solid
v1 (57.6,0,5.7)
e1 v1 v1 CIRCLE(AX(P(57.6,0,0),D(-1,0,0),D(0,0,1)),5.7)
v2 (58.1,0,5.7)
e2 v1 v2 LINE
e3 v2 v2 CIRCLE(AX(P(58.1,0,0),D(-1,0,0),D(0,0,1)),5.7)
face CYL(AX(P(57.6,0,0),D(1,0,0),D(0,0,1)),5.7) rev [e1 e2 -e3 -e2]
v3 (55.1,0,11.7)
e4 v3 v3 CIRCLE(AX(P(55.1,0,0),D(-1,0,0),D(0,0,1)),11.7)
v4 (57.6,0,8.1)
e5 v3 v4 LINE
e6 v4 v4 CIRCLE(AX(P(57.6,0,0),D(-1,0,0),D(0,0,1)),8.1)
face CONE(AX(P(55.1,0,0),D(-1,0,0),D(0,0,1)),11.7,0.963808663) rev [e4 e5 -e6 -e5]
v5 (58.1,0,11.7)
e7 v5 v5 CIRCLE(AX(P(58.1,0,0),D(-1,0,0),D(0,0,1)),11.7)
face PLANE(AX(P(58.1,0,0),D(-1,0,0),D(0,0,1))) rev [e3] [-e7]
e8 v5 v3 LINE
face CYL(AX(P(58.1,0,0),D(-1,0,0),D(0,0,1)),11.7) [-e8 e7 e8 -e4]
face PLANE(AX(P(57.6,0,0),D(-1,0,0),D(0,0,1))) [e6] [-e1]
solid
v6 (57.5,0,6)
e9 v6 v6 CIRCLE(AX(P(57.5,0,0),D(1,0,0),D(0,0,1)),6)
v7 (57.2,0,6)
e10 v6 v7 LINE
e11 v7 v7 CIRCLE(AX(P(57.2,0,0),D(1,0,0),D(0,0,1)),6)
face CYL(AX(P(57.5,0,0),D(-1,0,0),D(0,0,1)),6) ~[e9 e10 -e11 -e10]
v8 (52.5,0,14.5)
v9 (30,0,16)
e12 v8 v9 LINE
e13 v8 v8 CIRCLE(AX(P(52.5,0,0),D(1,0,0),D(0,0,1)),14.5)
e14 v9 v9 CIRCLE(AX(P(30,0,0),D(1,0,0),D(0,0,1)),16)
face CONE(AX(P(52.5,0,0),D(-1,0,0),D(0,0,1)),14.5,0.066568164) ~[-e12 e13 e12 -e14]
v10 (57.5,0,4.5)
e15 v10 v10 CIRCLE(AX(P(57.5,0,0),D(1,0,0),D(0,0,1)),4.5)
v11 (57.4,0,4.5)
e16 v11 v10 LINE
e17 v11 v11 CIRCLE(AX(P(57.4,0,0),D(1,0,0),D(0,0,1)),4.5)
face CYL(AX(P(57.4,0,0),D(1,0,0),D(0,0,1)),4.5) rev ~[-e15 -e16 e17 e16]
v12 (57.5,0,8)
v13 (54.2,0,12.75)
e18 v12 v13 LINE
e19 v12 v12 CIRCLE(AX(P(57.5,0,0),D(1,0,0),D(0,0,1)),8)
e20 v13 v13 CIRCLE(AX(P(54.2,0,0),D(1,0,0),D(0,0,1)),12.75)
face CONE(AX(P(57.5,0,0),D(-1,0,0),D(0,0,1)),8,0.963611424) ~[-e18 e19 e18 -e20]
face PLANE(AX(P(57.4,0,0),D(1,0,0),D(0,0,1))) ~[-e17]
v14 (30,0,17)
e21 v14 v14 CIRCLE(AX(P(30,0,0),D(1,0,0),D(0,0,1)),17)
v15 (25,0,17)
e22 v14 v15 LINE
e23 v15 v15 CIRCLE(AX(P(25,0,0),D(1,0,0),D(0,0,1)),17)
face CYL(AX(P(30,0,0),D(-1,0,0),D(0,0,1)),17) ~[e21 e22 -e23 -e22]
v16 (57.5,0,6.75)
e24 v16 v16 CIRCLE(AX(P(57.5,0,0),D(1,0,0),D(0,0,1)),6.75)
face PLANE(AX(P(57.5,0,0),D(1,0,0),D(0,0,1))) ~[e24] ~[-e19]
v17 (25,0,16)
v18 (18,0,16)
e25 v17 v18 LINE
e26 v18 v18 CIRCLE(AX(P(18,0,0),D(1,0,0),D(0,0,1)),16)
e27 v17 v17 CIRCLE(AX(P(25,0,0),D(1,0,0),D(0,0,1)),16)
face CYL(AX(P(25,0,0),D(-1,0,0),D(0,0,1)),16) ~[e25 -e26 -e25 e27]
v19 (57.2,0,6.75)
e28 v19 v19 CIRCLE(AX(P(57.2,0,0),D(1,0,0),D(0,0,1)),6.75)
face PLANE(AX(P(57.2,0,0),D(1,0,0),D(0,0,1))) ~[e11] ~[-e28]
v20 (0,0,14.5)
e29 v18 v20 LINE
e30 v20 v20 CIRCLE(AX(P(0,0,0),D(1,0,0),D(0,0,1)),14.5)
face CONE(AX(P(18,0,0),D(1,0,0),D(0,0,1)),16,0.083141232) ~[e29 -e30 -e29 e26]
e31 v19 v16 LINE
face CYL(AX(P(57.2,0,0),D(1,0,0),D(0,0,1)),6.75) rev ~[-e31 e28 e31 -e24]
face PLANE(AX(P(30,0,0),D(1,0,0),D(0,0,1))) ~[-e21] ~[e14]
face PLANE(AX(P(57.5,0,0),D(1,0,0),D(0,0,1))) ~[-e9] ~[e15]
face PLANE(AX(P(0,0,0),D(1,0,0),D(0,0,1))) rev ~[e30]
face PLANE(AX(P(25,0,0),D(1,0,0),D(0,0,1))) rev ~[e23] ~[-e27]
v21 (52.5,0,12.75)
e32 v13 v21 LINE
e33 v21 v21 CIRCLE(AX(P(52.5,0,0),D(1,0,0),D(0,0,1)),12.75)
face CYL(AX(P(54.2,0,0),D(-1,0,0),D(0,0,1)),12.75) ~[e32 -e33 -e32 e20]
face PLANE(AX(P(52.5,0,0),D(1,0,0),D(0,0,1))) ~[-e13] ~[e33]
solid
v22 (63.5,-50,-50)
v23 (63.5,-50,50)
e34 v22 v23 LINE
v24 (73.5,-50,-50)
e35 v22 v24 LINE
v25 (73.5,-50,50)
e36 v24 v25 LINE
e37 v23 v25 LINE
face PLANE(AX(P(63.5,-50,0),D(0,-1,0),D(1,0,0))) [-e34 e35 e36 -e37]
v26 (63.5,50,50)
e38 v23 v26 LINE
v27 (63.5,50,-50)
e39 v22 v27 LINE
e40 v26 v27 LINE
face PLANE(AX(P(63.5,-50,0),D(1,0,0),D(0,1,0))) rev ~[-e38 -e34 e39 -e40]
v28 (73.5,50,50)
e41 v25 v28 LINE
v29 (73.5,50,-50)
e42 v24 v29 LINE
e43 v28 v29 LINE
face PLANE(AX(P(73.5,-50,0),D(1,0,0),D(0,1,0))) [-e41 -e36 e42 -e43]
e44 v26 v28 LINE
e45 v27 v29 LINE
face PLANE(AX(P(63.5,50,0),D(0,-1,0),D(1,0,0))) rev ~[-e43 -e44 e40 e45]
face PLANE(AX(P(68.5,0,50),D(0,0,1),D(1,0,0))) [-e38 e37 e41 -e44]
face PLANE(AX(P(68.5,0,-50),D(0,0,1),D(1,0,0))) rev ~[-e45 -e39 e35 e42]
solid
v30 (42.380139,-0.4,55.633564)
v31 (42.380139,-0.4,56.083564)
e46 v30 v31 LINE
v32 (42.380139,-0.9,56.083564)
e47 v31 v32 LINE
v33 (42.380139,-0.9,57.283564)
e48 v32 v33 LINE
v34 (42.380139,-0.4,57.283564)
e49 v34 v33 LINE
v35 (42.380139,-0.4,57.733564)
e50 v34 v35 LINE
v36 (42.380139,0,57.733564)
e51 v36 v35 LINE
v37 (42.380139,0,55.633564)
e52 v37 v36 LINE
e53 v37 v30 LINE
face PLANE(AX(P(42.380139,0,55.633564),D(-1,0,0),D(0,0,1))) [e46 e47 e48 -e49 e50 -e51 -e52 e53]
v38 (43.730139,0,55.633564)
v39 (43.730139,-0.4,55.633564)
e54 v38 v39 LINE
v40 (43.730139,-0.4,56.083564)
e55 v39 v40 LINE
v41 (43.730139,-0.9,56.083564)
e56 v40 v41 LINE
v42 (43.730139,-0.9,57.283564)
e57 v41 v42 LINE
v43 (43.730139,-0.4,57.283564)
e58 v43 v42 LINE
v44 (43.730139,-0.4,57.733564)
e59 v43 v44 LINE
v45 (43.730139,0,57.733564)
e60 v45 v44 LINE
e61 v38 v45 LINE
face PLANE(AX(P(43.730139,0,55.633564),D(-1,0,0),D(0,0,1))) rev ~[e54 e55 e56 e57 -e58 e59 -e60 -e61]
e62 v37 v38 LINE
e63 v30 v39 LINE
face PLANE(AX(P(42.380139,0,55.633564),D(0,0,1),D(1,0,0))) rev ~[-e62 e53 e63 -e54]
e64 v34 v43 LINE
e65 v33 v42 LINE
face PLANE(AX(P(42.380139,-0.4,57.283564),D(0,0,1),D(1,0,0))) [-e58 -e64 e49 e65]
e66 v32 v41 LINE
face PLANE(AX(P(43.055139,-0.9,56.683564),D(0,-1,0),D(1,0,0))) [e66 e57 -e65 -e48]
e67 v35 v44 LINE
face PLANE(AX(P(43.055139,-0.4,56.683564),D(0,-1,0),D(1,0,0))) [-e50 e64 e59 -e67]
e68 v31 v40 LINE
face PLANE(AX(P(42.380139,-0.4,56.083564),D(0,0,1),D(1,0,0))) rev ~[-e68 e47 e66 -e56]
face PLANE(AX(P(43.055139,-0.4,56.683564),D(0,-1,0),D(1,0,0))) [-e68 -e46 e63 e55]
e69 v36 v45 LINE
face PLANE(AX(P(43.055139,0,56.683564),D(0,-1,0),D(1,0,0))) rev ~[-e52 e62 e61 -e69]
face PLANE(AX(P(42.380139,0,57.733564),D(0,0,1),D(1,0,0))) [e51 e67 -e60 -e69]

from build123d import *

# Parameters (mm, degrees)
F3_W      = 10
F3_H      = 100
F4_DEPTH  = 50
F7_W      = 1.35
F7_H      = 2.1
F8_DEPTH  = 0.4
F9_W      = 1.35
F9_H      = 1.2
F10_DEPTH = 0.5


with BuildPart() as f2:
    # F0 (on Front) → F2 (revolve)
    with BuildSketch(Plane.XZ):
        Polygon((0, 14.5), (0, 0), (57.4, 0), (57.4, 4.5), (57.5, 4.5), (57.5, 6), (57.2, 6), (57.2, 6.75), (57.5, 6.75), (57.5, 8), (54.2, 12.75), (52.5, 12.75), (52.5, 14.5), (30, 16), (30, 17), (25, 17), (25, 16), (18, 16), align=None)
    revolve(axis=Axis((30.165957, 0, 0), (1, 0, 0)))


with BuildPart() as f4:
    # F3 (on Top) → F4 (new body, symmetric)
    with BuildSketch(Plane.XY):
        with Locations((68.5, 0)):
            Rectangle(F3_W, F3_H)
    extrude(amount=F4_DEPTH, both=True)


with BuildPart() as f6:
    # F5 (on Front) → F6 (revolve)
    with BuildSketch(Plane.XZ):
        Polygon((57.6, 8.1), (57.6, 5.7), (58.1, 5.7), (58.1, 11.7), (55.1, 11.7), align=None)
    revolve(axis=Axis((54.094689, 0, 0), (-1, 0, 0)))


with BuildPart() as f8:
    # F7 (on Front) → F8 (new body)
    with BuildSketch(Plane.XZ):
        with Locations((43.055139, 56.683564)):
            Rectangle(F7_W, F7_H)
    extrude(amount=F8_DEPTH)

    # F9 (on face) → F10 (join)
    with BuildSketch(Plane.XZ.offset(0.4)):
        with Locations((43.055139, 56.683564)):
            Rectangle(F9_W, F9_H)
    extrude(amount=F10_DEPTH)


solid = Compound([f2.part, f4.part, f6.part, f8.part])
